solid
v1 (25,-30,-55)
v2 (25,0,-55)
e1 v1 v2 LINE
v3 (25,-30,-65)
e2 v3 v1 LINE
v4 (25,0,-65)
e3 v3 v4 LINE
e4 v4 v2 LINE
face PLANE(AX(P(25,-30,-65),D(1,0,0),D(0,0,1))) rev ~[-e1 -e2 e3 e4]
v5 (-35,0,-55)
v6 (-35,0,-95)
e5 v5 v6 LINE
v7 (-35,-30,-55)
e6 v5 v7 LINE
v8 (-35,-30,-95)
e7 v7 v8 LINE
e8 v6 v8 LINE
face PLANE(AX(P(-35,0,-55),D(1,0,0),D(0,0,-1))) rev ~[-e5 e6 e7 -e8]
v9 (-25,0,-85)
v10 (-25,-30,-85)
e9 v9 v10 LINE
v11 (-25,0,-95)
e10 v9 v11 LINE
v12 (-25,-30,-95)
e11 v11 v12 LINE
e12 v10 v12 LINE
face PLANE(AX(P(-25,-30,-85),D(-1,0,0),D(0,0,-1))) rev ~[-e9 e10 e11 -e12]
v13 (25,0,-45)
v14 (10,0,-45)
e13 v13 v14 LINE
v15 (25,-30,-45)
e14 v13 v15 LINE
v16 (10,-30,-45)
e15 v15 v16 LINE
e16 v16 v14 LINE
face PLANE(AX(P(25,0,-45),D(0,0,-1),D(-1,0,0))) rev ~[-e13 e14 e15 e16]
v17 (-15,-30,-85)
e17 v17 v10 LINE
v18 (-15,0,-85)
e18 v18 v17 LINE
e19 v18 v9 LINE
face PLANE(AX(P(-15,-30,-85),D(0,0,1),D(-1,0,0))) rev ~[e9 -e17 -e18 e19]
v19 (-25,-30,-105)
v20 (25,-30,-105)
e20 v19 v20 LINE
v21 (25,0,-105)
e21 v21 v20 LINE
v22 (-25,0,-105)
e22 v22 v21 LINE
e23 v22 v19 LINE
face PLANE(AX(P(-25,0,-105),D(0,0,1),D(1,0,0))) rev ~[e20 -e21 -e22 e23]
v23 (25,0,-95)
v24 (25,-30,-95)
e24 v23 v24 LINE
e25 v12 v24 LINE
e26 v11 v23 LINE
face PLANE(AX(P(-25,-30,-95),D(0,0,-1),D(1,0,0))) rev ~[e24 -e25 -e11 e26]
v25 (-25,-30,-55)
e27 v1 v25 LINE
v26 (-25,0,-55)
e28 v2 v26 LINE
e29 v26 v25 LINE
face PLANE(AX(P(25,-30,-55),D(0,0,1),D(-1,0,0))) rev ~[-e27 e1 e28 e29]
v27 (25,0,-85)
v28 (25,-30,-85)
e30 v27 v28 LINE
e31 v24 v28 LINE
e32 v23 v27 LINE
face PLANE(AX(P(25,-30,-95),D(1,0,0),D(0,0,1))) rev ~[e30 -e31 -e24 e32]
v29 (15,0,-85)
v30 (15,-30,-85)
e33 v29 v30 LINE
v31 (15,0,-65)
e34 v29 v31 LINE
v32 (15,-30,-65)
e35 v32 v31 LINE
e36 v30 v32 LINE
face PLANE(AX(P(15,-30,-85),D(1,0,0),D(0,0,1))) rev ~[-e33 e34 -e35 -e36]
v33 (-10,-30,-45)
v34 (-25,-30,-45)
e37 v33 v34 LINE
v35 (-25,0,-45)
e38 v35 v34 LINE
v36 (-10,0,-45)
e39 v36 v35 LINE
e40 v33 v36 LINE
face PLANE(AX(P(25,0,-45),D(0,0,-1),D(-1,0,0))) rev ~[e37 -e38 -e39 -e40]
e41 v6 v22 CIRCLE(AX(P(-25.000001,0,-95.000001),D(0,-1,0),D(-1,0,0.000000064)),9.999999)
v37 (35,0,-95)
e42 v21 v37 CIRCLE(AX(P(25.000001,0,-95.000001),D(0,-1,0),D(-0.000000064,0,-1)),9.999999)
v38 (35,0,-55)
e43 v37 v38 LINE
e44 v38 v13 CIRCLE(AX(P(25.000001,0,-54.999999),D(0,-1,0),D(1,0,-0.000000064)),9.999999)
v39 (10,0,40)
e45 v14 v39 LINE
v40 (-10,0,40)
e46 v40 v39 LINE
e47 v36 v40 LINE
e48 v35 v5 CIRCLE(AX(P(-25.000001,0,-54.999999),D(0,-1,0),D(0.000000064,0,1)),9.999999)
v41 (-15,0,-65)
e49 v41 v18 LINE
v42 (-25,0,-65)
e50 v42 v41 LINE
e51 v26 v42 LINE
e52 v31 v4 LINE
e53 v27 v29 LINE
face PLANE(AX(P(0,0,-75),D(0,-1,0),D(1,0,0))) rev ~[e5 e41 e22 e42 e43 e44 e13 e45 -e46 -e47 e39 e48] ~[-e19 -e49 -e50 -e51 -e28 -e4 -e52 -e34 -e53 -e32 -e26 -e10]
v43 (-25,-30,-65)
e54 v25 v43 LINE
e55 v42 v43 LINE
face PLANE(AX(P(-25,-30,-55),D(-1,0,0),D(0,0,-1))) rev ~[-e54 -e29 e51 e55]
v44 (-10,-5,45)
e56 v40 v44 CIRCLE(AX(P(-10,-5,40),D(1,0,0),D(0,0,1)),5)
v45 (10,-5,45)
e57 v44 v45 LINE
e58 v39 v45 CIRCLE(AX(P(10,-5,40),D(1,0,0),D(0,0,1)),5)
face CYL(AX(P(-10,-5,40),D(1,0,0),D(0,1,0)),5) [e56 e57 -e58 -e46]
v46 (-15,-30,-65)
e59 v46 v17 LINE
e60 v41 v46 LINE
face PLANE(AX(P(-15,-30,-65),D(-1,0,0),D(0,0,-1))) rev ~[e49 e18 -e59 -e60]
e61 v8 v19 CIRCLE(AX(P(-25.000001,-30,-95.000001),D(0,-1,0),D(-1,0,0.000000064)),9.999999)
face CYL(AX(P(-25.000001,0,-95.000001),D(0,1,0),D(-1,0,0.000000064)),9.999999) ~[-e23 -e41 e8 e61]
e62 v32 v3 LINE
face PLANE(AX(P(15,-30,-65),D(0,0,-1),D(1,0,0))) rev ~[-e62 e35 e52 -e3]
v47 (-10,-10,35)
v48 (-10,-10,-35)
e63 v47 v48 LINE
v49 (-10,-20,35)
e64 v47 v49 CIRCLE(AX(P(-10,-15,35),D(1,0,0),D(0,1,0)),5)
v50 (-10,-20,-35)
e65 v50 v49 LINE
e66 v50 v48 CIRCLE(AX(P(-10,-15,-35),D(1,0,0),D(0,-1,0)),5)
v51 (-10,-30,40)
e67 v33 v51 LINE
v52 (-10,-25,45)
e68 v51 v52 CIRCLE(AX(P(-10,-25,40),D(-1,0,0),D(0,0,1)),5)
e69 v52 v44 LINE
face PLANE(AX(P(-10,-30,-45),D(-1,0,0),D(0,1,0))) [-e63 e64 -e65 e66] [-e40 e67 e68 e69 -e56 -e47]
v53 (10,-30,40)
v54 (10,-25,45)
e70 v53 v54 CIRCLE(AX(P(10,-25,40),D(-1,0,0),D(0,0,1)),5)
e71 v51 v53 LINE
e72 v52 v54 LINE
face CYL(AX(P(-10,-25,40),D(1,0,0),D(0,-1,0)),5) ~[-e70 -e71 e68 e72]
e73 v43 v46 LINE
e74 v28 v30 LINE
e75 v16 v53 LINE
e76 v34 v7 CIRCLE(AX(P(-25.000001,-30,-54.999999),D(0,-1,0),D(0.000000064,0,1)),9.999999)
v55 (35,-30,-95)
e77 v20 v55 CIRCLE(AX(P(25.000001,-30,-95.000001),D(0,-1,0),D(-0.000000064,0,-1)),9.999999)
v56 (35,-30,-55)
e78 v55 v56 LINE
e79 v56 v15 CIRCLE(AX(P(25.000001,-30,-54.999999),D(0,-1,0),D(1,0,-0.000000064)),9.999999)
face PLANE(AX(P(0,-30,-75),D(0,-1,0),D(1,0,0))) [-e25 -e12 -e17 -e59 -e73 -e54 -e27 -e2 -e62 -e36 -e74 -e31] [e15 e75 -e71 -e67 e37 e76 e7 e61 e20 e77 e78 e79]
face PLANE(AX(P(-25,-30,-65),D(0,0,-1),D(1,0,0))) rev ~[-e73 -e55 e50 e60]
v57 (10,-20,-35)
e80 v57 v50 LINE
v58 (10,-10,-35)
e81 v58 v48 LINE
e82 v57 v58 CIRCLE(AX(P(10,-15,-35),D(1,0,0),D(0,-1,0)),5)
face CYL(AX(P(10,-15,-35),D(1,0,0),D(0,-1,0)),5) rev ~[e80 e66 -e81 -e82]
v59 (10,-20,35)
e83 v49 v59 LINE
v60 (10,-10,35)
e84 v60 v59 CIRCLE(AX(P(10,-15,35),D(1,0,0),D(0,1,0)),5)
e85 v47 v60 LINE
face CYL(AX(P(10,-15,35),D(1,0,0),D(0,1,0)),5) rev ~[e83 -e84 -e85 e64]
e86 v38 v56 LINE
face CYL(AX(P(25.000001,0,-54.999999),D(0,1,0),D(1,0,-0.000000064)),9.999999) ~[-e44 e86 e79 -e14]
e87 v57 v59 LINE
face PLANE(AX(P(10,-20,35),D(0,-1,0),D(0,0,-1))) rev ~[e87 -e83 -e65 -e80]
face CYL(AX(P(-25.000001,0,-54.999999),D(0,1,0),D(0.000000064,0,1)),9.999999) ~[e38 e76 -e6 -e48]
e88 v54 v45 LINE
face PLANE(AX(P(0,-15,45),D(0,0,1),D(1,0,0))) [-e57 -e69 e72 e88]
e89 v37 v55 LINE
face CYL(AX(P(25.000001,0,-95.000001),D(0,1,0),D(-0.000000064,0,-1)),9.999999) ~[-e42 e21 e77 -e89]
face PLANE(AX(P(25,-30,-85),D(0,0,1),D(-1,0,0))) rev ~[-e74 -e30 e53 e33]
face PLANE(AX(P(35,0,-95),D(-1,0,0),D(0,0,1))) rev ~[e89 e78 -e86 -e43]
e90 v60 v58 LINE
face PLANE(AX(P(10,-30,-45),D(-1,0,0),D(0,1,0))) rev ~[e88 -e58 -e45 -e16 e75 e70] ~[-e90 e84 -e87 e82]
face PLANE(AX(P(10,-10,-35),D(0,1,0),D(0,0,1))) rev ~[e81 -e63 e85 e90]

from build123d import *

# Parameters (mm, degrees)
F1_DEPTH      = 30
F3_DEPTH      = 25
F3_DEPTH_BACK = 40
F5_W          = 20
F5_H          = 30
F6_DEPTH      = 90
F7_R          = 5
F9_DEPTH      = 25
F9_DEPTH_BACK = 40


with BuildPart() as f1:
    # F0 (on Front) → F1 (new body)
    with BuildSketch(Plane.XZ):
        with BuildLine():
            Line((10, -45), (-10, -45))
            Line((-10, -45), (-25, -45))
            ThreePointArc((-25, -45), (-32.071068, -47.928932), (-35, -55))
            Line((-35, -55), (-35, -95))
            ThreePointArc((-35, -95), (-32.071068, -102.071068), (-25, -105))
            Line((-25, -105), (25, -105))
            ThreePointArc((25, -105), (32.071068, -102.071068), (35, -95))
            Line((35, -95), (35, -55))
            ThreePointArc((35, -55), (32.071068, -47.928932), (25, -45))
            Line((25, -45), (10, -45))
        make_face()
    extrude(amount=F1_DEPTH)


with BuildPart() as f3:
    # F2 (on face) → F3 (new body, two sides)
    with BuildSketch(Plane.XZ.offset(30)) as f3_sk:
        Polygon((25, -55), (-25, -55), (-25, -65), (-15, -65), (-15, -85), (-25, -85), (-25, -95), (25, -95), (25, -85), (15, -85), (15, -65), (25, -65), align=None)
    extrude(amount=F3_DEPTH)
    extrude(f3_sk.sketch, amount=-F3_DEPTH_BACK)


with BuildPart() as f1_1:
    add(f1.part)

    # F4: cut F3
    add(f3.part, mode=Mode.SUBTRACT)

    # F5 (on face) → F6 (join)
    with BuildSketch(Plane.XY.offset(-45)):
        with Locations((0, -15)):
            Rectangle(F5_W, F5_H)
    extrude(amount=F6_DEPTH)

    # F7
    f7_edges = [f1_1.edges().sort_by_distance(p)[0] for p in [
        (0, -30, 45),
        (0, 0, 45),
    ]]
    fillet(f7_edges, radius=F7_R)


with BuildPart() as f9:
    # F8 (on face) → F9 (new body, two sides)
    with BuildSketch(Plane.YZ.offset(10)) as f9_sk:
        with BuildLine():
            Line((-10, -35), (-10, 35))
            ThreePointArc((-10, 35), (-15, 40), (-20, 35))
            Line((-20, 35), (-20, -35))
            ThreePointArc((-20, -35), (-15, -40), (-10, -35))
        make_face()
    extrude(amount=F9_DEPTH)
    extrude(f9_sk.sketch, amount=-F9_DEPTH_BACK)


with BuildPart() as f1_2:
    add(f1_1.part)

    # F10: cut F9
    add(f9.part, mode=Mode.SUBTRACT)


solid = f1_2.part
